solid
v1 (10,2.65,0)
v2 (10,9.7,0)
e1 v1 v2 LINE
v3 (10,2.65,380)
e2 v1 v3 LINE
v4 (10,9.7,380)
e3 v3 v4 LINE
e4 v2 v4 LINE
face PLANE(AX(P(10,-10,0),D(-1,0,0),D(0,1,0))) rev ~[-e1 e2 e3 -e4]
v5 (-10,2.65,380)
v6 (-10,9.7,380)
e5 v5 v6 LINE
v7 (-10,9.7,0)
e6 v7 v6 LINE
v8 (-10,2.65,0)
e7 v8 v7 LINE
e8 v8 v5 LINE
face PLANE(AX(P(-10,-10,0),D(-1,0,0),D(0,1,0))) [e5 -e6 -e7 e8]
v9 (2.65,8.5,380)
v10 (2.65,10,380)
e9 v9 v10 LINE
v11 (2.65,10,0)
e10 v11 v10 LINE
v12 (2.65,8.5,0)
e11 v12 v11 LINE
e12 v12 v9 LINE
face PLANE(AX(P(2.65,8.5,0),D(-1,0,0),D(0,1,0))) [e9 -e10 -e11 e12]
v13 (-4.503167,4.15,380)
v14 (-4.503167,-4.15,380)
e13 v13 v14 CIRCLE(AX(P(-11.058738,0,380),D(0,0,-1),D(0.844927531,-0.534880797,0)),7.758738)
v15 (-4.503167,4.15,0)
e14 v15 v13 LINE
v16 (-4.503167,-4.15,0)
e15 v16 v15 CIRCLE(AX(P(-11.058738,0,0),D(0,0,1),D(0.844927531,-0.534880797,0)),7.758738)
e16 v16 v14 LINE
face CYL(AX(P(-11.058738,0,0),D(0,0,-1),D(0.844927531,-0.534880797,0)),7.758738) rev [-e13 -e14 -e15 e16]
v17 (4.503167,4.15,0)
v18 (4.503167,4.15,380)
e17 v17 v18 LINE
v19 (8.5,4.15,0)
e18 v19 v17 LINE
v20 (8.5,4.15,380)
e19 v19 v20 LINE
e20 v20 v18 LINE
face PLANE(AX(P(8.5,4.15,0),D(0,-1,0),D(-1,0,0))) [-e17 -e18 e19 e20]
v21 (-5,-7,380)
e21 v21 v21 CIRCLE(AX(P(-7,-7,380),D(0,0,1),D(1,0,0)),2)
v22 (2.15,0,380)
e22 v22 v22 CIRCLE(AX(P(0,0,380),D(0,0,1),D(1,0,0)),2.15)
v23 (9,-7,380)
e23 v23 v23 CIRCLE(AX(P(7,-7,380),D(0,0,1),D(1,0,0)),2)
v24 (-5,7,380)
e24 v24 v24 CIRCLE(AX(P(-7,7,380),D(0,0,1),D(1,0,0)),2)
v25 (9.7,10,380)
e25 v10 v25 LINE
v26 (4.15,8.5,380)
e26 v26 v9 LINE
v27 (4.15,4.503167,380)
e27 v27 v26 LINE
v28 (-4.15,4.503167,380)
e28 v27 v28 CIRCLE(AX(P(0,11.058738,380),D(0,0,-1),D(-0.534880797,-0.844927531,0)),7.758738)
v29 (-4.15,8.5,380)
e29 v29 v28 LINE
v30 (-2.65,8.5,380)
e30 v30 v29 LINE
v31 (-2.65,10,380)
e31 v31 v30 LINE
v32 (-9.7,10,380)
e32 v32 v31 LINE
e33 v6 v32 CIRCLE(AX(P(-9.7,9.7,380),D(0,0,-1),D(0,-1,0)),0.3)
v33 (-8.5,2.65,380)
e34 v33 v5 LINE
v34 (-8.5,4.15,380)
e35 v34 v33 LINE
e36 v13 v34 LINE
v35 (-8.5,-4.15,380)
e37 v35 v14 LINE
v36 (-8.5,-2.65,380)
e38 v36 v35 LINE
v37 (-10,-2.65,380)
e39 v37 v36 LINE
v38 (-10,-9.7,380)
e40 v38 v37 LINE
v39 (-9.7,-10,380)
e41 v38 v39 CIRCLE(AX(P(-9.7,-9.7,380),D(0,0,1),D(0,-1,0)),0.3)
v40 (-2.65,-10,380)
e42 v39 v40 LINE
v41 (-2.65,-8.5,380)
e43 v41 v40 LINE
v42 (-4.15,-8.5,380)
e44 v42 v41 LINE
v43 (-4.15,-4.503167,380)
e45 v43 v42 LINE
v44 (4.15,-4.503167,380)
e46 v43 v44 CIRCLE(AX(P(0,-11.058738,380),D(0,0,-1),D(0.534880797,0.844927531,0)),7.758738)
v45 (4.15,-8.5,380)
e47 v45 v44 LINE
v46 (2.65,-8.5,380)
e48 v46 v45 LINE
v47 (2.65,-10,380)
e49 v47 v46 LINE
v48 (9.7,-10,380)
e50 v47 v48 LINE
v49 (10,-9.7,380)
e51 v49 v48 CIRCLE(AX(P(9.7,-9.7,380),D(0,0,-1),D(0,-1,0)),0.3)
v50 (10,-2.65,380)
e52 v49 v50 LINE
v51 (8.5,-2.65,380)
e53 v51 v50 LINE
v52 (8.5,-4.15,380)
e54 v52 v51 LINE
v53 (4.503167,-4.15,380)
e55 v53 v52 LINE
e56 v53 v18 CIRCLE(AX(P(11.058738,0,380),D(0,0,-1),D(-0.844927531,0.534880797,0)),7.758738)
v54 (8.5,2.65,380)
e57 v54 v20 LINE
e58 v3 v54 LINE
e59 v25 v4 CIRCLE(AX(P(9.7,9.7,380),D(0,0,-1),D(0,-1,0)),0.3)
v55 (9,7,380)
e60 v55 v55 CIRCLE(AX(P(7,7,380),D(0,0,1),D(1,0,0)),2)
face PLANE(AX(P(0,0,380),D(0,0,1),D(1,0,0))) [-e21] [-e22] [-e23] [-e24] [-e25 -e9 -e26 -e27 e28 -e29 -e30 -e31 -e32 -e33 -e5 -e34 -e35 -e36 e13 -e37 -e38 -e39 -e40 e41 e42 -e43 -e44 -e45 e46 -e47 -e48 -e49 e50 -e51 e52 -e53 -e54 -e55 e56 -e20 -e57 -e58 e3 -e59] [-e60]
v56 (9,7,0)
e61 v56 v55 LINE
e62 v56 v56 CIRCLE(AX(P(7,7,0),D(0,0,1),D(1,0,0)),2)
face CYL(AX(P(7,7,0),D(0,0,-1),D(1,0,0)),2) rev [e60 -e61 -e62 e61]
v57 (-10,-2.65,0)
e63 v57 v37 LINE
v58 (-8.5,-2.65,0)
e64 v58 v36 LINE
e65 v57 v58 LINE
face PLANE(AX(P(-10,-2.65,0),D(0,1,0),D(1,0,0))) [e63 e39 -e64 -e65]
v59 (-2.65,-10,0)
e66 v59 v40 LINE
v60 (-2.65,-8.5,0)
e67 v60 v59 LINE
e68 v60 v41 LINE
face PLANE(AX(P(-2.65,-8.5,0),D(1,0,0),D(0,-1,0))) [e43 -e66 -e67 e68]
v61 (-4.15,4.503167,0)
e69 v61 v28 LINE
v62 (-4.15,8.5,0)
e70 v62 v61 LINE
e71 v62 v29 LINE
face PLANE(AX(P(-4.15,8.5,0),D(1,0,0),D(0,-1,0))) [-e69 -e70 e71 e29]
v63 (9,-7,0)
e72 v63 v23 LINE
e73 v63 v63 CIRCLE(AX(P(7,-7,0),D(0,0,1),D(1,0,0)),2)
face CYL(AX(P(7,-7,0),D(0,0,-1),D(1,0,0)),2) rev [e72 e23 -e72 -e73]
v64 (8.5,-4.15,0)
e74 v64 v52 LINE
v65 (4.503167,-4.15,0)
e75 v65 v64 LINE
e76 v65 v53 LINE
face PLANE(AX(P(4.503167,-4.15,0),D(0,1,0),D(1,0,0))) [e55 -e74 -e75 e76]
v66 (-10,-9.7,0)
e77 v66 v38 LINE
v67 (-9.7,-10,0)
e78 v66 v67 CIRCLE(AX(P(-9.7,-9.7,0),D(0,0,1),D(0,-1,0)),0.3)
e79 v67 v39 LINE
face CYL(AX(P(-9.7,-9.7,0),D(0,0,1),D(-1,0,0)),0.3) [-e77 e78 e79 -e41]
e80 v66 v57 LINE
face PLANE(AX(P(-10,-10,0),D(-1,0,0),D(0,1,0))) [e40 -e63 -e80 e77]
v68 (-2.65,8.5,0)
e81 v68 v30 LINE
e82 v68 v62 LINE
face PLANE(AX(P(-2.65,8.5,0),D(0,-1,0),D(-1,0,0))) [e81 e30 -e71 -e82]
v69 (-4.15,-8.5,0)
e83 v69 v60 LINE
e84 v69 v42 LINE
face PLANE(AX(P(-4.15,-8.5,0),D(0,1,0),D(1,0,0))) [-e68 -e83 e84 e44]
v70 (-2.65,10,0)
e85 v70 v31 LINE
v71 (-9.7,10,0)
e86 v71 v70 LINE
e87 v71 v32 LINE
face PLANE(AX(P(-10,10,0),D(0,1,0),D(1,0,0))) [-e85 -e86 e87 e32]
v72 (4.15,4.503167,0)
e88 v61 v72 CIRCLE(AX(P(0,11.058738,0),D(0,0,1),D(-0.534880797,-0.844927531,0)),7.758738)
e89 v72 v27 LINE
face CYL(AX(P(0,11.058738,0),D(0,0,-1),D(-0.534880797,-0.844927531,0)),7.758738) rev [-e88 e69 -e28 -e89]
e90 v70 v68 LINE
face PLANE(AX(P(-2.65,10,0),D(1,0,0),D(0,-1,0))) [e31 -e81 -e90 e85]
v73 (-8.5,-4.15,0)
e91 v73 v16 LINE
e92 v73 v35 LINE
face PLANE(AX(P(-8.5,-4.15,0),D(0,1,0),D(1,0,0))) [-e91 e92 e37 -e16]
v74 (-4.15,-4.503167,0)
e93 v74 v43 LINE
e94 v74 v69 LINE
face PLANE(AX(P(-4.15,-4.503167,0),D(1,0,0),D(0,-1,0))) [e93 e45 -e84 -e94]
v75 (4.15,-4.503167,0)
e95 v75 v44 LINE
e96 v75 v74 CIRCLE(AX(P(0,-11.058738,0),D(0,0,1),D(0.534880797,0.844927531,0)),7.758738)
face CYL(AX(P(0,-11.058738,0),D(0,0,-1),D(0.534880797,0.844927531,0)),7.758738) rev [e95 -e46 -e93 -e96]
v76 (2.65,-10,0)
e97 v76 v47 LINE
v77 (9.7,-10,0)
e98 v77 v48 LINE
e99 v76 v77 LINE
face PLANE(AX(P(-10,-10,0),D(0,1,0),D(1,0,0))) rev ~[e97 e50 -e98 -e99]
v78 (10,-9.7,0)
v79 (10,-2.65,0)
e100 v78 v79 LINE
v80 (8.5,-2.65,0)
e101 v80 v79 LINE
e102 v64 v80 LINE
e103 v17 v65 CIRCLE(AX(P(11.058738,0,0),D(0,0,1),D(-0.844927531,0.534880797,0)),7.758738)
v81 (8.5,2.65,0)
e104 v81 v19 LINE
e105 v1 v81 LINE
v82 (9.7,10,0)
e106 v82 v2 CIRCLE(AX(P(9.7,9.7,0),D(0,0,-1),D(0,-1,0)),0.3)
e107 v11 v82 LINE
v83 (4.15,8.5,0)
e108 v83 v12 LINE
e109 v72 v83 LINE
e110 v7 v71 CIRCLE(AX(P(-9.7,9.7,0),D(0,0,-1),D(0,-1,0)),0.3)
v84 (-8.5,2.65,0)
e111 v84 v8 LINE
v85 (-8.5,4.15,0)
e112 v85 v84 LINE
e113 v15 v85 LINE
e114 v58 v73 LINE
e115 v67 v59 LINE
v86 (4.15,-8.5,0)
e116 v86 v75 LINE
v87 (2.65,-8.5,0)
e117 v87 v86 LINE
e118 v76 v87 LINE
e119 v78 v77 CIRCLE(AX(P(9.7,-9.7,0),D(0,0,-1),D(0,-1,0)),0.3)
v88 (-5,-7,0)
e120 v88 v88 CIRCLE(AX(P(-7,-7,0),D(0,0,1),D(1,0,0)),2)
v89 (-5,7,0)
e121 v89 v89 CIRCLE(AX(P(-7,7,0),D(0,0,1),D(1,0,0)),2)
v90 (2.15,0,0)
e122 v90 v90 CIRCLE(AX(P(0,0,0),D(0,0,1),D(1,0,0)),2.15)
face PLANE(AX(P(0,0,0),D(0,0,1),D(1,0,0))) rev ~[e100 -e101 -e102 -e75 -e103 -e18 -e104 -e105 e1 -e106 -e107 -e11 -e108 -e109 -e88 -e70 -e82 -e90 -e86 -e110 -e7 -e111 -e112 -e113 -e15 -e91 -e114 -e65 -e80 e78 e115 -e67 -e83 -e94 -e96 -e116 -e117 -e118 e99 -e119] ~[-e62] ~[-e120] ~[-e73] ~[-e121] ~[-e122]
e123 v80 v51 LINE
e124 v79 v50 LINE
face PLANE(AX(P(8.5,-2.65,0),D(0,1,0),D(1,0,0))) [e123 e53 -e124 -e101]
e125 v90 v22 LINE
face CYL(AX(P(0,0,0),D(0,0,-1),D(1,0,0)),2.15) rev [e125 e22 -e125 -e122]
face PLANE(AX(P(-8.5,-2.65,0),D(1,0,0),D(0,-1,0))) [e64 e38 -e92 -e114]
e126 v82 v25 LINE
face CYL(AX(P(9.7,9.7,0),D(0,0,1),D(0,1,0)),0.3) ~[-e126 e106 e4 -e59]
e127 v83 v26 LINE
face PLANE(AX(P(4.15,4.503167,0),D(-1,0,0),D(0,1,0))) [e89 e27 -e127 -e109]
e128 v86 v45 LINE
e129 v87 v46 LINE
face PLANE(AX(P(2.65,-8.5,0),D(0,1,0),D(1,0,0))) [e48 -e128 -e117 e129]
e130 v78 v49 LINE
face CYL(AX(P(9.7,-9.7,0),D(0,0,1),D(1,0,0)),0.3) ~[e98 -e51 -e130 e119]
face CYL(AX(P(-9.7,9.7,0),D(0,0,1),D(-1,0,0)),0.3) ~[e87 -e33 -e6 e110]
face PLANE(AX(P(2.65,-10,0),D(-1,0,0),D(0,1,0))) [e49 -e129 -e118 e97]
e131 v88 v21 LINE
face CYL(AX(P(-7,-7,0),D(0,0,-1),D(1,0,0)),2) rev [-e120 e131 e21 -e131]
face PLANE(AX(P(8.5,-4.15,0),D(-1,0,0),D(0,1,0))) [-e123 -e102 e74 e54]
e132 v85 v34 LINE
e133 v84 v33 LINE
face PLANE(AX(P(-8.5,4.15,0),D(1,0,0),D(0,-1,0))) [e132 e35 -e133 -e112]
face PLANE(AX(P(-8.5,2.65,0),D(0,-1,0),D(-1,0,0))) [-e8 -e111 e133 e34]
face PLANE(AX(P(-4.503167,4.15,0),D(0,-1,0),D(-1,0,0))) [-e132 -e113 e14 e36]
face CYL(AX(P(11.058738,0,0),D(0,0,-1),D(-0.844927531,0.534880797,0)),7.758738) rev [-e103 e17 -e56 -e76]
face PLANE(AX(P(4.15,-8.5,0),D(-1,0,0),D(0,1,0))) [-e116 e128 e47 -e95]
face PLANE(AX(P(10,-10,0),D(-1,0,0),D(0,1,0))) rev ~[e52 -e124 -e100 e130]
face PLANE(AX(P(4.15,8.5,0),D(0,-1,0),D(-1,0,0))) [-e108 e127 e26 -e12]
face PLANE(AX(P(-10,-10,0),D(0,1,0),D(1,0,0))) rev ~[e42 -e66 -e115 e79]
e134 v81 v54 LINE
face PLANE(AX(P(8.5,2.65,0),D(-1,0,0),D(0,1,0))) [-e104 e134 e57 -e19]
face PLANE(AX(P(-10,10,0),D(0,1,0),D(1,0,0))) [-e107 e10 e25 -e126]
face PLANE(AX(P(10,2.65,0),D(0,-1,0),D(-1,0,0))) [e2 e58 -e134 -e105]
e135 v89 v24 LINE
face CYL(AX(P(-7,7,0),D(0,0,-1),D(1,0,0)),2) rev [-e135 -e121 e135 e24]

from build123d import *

# Parameters (mm, degrees)
SKETCH_1_W               = 20
SKETCH_1_H               = 20
SKETCH_1_R               = 2
SKETCH_1_R_2             = 2.15
EXTRUDE_1_DEPTH          = 380
CUT_EXTRUDE_1_REACH      = 382.263
PATTERN_CIRCULAR_1_COUNT = 4
FILLET_1_R               = 0.3


with BuildPart() as part:
    # 스케치1 → 보스-돌출1 (new body)
    with BuildSketch(Plane.XY):
        Rectangle(SKETCH_1_W, SKETCH_1_H)
        with Locations((-7, -7)):
            Circle(SKETCH_1_R, mode=Mode.SUBTRACT)
        with Locations((7, -7)):
            Circle(SKETCH_1_R, mode=Mode.SUBTRACT)
        with Locations((-7, 7)):
            Circle(SKETCH_1_R, mode=Mode.SUBTRACT)
        Circle(SKETCH_1_R_2, mode=Mode.SUBTRACT)
        with Locations((7, 7)):
            Circle(SKETCH_1_R, mode=Mode.SUBTRACT)
    extrude(amount=EXTRUDE_1_DEPTH)

    # 스케치1<3> → 컷-돌출1 (cut, up to next)
    with BuildSketch(Plane.XY, mode=Mode.PRIVATE) as cut_extrude_1_sk1:
        with BuildLine():
            Line((-8.5, 2.65), (-10, 2.65))
            Line((-10, 2.65), (-10, -2.65))
            Line((-10, -2.65), (-8.5, -2.65))
            Line((-8.5, -2.65), (-8.5, -4.15))
            Line((-8.5, -4.15), (-4.503166667, -4.15))
            ThreePointArc((-4.503166667, -4.15), (-3.3, 0), (-4.503166667, 4.15))
            Line((-4.503166667, 4.15), (-8.5, 4.15))
            Line((-8.5, 4.15), (-8.5, 2.65))
        make_face()
    cut_extrude_1_tool1 = extrude(cut_extrude_1_sk1.sketch, amount=CUT_EXTRUDE_1_REACH, mode=Mode.PRIVATE) & part.part
    cut_extrude_1 = cut_extrude_1_tool1.solids().sort_by_distance((-6.606913, 0, 0))[0]
    add(cut_extrude_1, mode=Mode.SUBTRACT)

    # 원형 패턴1: 컷-돌출1 ×4 about axis
    pattern_circular_1_axis = Axis((0, 0, 380), (0, 0, -1))
    for i in range(1, PATTERN_CIRCULAR_1_COUNT):
        add(cut_extrude_1.rotate(pattern_circular_1_axis, i * 360 / PATTERN_CIRCULAR_1_COUNT), mode=Mode.SUBTRACT)

    # 필렛1
    fillet_1_edges = [part.edges().sort_by_distance(p)[0] for p in [
        (10, -10, 190),
        (-10, -10, 190),
        (-10, 10, 190),
        (10, 10, 190),
    ]]
    fillet(fillet_1_edges, radius=FILLET_1_R)


solid = part.part
